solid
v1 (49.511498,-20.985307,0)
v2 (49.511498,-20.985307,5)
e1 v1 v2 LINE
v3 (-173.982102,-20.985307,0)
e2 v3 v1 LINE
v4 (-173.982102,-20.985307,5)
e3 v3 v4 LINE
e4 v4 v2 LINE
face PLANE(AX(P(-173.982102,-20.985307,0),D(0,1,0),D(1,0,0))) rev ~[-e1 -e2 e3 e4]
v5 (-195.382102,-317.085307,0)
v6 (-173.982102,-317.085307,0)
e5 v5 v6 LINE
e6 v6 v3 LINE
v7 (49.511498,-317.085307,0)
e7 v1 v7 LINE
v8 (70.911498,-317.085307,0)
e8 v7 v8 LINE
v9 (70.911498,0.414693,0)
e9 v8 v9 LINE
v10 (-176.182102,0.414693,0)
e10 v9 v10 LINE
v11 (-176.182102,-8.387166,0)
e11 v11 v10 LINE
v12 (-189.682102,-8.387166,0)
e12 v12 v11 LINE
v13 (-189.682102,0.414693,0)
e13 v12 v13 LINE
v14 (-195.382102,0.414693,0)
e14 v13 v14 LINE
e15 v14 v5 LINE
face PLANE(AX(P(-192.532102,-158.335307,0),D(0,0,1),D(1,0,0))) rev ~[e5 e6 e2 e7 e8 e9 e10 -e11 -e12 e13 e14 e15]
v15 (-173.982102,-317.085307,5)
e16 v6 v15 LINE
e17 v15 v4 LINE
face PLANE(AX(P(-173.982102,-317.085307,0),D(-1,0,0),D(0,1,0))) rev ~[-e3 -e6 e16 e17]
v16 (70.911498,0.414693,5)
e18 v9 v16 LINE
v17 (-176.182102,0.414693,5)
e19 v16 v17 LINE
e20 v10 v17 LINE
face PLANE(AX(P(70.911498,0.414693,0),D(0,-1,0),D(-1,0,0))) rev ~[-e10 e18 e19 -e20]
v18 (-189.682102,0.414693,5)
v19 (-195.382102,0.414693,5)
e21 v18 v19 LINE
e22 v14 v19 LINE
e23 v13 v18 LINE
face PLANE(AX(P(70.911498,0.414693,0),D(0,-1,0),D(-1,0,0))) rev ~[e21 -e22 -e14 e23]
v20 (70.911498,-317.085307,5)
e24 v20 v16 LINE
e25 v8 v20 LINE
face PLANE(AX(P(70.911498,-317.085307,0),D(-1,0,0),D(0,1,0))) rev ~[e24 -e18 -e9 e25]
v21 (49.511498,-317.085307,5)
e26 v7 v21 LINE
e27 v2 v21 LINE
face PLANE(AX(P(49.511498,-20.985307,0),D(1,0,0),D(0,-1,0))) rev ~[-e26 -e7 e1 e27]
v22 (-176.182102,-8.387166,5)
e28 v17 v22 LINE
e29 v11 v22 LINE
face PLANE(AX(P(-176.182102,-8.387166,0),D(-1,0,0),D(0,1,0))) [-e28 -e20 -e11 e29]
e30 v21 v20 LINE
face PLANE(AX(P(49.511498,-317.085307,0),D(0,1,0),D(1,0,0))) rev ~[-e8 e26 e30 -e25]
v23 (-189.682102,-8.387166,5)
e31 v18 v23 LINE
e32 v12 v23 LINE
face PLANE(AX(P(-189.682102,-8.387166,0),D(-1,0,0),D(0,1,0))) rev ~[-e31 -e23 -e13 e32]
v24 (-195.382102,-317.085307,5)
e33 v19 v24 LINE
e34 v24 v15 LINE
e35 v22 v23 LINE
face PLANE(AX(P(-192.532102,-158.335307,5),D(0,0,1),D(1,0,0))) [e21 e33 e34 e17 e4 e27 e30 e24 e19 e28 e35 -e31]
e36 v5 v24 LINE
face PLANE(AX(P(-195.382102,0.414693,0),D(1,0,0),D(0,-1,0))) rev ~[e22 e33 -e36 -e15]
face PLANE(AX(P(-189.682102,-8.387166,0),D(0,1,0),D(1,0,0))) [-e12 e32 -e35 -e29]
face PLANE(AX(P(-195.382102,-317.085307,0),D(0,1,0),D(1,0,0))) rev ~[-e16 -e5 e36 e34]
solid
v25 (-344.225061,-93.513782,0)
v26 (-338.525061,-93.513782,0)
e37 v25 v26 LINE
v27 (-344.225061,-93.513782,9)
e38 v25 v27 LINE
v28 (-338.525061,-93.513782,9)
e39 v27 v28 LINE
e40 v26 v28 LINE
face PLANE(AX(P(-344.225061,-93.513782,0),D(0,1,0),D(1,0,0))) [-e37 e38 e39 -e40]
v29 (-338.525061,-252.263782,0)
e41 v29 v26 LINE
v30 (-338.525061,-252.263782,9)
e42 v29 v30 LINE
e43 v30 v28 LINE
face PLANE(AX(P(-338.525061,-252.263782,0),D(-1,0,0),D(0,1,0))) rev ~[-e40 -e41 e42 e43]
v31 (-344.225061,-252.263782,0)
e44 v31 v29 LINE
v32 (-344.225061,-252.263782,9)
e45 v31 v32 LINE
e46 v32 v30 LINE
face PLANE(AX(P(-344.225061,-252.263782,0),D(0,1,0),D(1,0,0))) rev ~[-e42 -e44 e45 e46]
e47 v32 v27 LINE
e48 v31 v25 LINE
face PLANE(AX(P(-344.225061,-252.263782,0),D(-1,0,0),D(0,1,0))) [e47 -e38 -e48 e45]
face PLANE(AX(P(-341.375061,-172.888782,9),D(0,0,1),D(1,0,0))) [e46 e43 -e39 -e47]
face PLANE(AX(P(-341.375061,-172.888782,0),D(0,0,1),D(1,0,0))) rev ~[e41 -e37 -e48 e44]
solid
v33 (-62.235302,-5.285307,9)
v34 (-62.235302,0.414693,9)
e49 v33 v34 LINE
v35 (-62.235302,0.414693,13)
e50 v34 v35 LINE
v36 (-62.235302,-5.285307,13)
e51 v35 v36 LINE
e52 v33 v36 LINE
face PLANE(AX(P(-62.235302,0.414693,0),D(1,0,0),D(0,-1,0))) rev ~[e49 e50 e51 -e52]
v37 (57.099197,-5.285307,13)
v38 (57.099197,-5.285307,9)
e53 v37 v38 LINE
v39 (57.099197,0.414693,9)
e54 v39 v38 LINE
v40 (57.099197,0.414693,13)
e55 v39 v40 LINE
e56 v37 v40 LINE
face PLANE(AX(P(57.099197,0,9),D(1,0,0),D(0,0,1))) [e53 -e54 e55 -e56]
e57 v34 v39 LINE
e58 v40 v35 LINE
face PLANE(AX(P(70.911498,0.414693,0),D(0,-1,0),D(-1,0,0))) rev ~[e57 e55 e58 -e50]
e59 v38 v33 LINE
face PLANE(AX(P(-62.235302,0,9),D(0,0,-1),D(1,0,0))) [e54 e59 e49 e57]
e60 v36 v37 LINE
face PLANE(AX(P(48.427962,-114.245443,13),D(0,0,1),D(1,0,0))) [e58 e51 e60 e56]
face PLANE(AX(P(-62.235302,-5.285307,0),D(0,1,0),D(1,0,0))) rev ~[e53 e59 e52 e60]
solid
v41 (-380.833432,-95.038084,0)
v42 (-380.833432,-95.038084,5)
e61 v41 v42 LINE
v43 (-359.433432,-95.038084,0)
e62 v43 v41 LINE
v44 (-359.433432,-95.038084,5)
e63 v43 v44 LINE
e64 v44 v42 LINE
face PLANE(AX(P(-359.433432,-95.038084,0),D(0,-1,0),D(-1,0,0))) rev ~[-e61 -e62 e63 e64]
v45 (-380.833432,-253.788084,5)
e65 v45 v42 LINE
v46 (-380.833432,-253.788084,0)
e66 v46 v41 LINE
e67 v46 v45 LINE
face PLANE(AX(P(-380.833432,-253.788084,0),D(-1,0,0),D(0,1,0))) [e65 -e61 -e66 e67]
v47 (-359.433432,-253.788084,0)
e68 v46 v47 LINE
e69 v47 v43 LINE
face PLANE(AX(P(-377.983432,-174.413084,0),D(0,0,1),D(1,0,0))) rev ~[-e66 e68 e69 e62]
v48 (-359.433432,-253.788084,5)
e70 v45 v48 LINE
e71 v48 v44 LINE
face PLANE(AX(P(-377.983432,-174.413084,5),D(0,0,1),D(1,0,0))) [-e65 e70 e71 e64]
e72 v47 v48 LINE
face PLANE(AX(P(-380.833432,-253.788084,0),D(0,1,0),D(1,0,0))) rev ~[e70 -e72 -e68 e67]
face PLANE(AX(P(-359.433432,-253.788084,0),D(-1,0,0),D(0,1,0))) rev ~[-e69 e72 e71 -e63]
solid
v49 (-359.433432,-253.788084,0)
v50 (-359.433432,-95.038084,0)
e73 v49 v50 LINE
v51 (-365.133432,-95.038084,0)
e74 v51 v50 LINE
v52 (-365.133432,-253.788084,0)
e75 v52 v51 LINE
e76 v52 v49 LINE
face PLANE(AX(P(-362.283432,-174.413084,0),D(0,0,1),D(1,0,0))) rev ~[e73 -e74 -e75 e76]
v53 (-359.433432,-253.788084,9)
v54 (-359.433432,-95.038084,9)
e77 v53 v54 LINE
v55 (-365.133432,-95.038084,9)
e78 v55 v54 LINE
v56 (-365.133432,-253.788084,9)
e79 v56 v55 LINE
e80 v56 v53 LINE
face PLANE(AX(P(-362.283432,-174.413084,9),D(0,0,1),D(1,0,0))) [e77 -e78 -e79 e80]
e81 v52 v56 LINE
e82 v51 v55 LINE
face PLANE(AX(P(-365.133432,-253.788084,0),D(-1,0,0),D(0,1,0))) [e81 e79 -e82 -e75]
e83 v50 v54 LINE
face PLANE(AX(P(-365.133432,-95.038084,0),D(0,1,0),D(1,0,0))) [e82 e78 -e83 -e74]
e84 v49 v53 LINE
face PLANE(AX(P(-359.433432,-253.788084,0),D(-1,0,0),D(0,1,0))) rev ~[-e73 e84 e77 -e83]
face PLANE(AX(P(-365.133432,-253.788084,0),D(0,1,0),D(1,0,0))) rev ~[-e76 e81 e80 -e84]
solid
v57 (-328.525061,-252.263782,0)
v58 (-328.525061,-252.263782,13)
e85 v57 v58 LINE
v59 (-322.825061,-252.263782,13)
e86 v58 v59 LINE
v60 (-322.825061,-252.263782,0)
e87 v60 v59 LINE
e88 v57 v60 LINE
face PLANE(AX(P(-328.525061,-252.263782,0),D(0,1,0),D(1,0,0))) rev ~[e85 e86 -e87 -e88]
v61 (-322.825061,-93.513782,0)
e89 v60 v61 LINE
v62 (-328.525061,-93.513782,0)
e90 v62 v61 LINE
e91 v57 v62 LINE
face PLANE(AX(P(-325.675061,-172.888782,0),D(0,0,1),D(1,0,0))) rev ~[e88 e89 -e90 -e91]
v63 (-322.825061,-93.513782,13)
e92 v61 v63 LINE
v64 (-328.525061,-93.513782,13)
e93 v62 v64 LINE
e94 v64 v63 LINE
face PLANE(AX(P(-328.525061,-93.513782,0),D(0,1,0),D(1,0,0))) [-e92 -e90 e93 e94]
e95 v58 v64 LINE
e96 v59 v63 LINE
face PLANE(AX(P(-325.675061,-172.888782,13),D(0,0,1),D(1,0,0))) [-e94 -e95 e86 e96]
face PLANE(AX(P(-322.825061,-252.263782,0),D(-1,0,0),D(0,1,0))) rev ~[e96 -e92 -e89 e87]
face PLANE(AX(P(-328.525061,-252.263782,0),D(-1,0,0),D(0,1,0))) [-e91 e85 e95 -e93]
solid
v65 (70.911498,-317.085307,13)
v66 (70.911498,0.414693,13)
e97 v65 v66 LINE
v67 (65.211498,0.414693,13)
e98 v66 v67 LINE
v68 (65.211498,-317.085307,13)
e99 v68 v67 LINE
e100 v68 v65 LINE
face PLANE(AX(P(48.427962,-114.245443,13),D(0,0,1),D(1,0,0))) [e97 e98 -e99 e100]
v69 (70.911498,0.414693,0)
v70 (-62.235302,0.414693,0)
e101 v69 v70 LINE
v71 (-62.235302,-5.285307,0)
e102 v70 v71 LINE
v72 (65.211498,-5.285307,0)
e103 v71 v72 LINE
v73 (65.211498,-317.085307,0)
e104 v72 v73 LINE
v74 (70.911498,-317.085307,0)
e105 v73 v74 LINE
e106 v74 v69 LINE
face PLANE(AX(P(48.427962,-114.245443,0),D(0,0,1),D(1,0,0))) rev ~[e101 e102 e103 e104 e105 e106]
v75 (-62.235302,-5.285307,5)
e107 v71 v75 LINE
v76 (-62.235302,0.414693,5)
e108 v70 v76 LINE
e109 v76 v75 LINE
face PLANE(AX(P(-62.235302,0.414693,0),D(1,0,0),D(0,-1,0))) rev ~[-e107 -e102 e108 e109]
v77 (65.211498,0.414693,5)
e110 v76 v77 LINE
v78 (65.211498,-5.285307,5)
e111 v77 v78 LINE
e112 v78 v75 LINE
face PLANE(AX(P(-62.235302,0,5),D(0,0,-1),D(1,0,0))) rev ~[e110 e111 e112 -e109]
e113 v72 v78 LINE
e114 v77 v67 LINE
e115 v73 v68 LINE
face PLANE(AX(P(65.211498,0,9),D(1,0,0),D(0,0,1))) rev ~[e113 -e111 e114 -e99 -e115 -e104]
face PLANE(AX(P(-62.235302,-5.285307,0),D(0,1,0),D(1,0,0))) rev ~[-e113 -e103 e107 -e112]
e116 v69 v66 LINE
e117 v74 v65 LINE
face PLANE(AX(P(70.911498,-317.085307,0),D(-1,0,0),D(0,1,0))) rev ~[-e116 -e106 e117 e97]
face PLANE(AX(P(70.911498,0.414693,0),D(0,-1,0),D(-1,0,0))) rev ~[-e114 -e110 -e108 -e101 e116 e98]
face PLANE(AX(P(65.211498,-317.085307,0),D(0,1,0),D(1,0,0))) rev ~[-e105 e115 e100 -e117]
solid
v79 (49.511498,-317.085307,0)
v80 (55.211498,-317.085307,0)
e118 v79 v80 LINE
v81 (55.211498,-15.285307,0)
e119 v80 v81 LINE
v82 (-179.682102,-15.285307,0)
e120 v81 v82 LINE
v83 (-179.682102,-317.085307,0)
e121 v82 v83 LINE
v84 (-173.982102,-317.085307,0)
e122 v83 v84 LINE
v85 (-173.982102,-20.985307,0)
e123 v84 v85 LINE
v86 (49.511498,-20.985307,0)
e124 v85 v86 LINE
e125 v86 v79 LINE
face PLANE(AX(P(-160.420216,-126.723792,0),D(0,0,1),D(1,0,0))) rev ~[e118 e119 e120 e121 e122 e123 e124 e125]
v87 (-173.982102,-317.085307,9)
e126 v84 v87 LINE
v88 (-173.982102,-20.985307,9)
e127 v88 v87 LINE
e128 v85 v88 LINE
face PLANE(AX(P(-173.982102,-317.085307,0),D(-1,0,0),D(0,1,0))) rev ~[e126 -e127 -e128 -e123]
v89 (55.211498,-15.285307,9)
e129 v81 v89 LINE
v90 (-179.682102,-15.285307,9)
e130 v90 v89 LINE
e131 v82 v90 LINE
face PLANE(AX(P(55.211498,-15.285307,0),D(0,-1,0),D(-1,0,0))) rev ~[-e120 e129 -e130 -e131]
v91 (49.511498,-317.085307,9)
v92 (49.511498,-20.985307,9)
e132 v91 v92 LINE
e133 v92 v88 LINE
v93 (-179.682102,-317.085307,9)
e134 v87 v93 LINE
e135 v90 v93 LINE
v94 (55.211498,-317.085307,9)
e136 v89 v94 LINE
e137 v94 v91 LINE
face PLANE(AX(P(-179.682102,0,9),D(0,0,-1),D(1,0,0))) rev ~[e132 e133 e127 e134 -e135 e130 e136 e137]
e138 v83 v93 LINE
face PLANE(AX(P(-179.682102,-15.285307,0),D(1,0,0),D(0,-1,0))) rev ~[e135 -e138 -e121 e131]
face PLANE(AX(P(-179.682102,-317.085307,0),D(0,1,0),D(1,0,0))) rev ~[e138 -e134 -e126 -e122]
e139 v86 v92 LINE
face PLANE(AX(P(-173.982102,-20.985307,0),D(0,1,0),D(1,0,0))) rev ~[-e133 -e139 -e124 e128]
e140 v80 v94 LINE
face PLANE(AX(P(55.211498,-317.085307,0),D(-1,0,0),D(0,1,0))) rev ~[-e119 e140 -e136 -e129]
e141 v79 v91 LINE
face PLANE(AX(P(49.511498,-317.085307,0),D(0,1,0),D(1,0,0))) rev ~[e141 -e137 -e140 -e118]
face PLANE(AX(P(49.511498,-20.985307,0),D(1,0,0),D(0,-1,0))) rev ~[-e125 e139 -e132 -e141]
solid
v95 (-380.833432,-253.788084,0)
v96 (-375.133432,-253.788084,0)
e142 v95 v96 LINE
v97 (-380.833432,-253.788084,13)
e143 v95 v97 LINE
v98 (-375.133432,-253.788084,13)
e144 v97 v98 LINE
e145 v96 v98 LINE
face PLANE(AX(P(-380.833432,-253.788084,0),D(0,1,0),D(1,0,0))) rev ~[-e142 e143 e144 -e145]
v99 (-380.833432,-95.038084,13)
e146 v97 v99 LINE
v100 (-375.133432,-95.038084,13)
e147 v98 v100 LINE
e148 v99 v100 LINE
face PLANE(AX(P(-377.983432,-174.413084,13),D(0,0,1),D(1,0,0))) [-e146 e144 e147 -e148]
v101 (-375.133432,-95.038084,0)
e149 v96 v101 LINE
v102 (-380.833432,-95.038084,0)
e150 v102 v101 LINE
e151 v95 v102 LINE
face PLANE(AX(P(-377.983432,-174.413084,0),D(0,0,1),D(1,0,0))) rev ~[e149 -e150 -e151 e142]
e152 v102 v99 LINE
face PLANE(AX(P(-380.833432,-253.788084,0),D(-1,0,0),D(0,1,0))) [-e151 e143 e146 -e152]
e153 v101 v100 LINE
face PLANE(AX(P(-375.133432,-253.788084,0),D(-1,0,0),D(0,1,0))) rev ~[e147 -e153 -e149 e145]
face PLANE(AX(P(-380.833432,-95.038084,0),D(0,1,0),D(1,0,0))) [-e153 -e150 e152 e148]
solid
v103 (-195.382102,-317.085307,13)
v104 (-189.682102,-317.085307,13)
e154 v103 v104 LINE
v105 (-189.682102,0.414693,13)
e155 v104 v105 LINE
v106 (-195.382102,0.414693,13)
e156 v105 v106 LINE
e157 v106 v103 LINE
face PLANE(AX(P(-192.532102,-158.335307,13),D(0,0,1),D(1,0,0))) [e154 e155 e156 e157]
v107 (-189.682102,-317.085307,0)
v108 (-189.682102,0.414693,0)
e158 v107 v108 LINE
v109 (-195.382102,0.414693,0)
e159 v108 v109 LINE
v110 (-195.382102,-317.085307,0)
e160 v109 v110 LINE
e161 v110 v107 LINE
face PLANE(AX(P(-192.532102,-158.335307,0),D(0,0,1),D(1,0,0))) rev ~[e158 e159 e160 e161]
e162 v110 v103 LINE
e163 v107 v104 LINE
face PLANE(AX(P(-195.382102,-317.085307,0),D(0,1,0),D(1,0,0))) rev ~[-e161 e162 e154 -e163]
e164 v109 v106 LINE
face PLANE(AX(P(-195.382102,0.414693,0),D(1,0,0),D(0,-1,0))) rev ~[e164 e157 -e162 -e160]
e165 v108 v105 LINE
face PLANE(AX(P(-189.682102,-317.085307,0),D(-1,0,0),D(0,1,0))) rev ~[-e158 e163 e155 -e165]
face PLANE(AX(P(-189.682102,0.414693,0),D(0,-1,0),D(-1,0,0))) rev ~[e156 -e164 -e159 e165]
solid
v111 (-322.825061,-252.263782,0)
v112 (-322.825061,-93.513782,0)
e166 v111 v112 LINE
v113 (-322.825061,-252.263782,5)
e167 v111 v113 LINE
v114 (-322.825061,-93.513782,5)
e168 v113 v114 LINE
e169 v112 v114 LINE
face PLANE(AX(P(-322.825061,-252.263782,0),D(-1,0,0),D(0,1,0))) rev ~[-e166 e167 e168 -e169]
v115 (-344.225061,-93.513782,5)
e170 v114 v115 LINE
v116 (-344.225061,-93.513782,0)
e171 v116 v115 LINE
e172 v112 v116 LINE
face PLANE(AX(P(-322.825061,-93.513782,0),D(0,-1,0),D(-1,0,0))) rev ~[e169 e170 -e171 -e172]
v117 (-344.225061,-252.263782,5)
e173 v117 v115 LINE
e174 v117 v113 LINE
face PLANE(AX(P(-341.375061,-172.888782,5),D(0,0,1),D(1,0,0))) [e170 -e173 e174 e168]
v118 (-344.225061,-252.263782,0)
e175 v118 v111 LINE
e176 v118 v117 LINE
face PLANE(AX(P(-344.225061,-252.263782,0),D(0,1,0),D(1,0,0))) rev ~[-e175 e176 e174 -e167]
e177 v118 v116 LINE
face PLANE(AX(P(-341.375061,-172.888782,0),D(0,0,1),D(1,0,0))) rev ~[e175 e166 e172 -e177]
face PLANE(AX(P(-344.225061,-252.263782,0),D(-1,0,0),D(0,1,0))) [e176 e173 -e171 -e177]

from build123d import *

# Parameters (mm, degrees)
F1_DEPTH  = 13
F0_W      = 127.4468
F0_H      = 5.7
F2_DEPTH  = 5
F3_W      = 5.7
F3_H      = 158.75
F4_DEPTH  = 13
F3_W_2    = 10
F5_DEPTH  = 5
F6_W      = 234.8936
F6_H      = 4
F7_DEPTH  = 321.31
F8_W      = 8.1123012102
F8_H      = 4
F9_DEPTH  = 250
F10_W     = 127.4468
F10_H     = 4
F11_DEPTH = 6
F13_DEPTH = 9
F14_W     = 13.5
F14_H     = 8.8018592085
F15_DEPTH = 25


with BuildPart() as f1:
    # F0 (on Top) → F1 (new body)
    with BuildSketch(Plane.XY):
        Polygon((-195.3821017299, -20.985306791), (-195.3821017299, -317.085306791), (-189.6821017299, -317.085306791), (-189.6821017299, -15.285306791), (-189.6821017299, -5.285306791), (-189.6821017299, 0.414693209), (-195.3821017299, 0.414693209), align=None)
    extrude(amount=F1_DEPTH)


with BuildPart() as f1b:
    # F0 (on Top) → F1, piece 2 (new body)
    with BuildSketch(Plane.XY):
        Polygon((-62.2353017299, 0.414693209), (-62.2353017299, -5.285306791), (65.2114982701, -5.285306791), (65.2114982701, -317.085306791), (70.9114982701, -317.085306791), (70.9114982701, -20.985306791), (70.9114982701, -5.285306791), (70.9114982701, 0.414693209), align=None)
    extrude(amount=F1_DEPTH)

    # F8 (on Front) → F9 (cut, symmetric)
    with BuildSketch(Plane.XZ):
        with Locations((61.155347665, 11)):
            Rectangle(F8_W, F8_H)
    extrude(amount=F9_DEPTH, both=True, mode=Mode.SUBTRACT)

    # F10 (on Front) → F11 (cut, symmetric)
    with BuildSketch(Plane.XZ):
        with Locations((1.4880982701, 7)):
            Rectangle(F10_W, F10_H)
    extrude(amount=F11_DEPTH, both=True, mode=Mode.SUBTRACT)


with BuildPart() as f1c:
    # F0 (on Top) → F1, piece 3 (new body)
    with BuildSketch(Plane.XY):
        Polygon((-179.6821017299, -15.285306791), (-179.6821017299, -317.085306791), (-173.9821017299, -317.085306791), (-173.9821017299, -20.985306791), (-62.2353017299, -20.985306791), (-62.2353017299, -15.285306791), align=None)
        Polygon((55.2114982701, -15.285306791), (-62.2353017299, -15.285306791), (-62.2353017299, -20.985306791), (49.5114982701, -20.985306791), (49.5114982701, -317.085306791), (55.2114982701, -317.085306791), align=None)
    extrude(amount=F1_DEPTH)

    # F6 (on Front) → F7 (cut, symmetric)
    with BuildSketch(Plane.XZ):
        with Locations((-62.2353017299, 11)):
            Rectangle(F6_W, F6_H)
    extrude(amount=F7_DEPTH, both=True, mode=Mode.SUBTRACT)


with BuildPart() as f2:
    # F0 (on Top) → F2 (new body)
    with BuildSketch(Plane.XY):
        Polygon((-195.3821017299, -20.985306791), (-195.3821017299, -317.085306791), (-189.6821017299, -317.085306791), (-189.6821017299, -15.285306791), (-189.6821017299, -5.285306791), (-189.6821017299, 0.414693209), (-195.3821017299, 0.414693209), align=None)
        Polygon((-189.6821017299, -15.285306791), (-189.6821017299, -317.085306791), (-179.6821017299, -317.085306791), (-179.6821017299, -15.285306791), (-62.2353017299, -15.285306791), (-62.2353017299, -5.285306791), (-189.6821017299, -5.285306791), align=None)
        Polygon((-179.6821017299, -15.285306791), (-179.6821017299, -317.085306791), (-173.9821017299, -317.085306791), (-173.9821017299, -20.985306791), (-62.2353017299, -20.985306791), (-62.2353017299, -15.285306791), align=None)
        with Locations((-125.9587017299, -2.435306791)):
            Rectangle(F0_W, F0_H)
        Polygon((55.2114982701, -15.285306791), (-62.2353017299, -15.285306791), (-62.2353017299, -20.985306791), (49.5114982701, -20.985306791), (49.5114982701, -317.085306791), (55.2114982701, -317.085306791), align=None)
        Polygon((-62.2353017299, -5.285306791), (-62.2353017299, -15.285306791), (55.2114982701, -15.285306791), (55.2114982701, -317.085306791), (65.2114982701, -317.085306791), (65.2114982701, -5.285306791), align=None)
        Polygon((-62.2353017299, 0.414693209), (-62.2353017299, -5.285306791), (65.2114982701, -5.285306791), (65.2114982701, -317.085306791), (70.9114982701, -317.085306791), (70.9114982701, -20.985306791), (70.9114982701, -5.285306791), (70.9114982701, 0.414693209), align=None)
    extrude(amount=F2_DEPTH)

    # F14 (on Top) → F15 (cut)
    with BuildSketch(Plane.XY):
        with Locations((-182.9321017299, -3.9862363952)):
            Rectangle(F14_W, F14_H)
    extrude(amount=F15_DEPTH, mode=Mode.SUBTRACT)


with BuildPart() as f4:
    # F3 (on Top) → F4 (new body)
    with BuildSketch(Plane.XY):
        with Locations((-377.9834323733, -174.4130837469)):
            Rectangle(F3_W, F3_H)
    extrude(amount=F4_DEPTH)


with BuildPart() as f4b:
    # F3 (on Top) → F4, piece 2 (new body)
    with BuildSketch(Plane.XY):
        with Locations((-325.6750609583, -172.888782181)):
            Rectangle(F3_W, F3_H)
    extrude(amount=F4_DEPTH)


with BuildPart() as f5:
    # F3 (on Top) → F5 (new body)
    with BuildSketch(Plane.XY):
        with Locations((-377.9834323733, -174.4130837469)):
            Rectangle(F3_W, F3_H)
        with Locations((-370.1334323733, -174.4130837469)):
            Rectangle(F3_W_2, F3_H)
        with Locations((-362.2834323733, -174.4130837469)):
            Rectangle(F3_W, F3_H)
    extrude(amount=F5_DEPTH)


with BuildPart() as f5b:
    # F3 (on Top) → F5, piece 2 (new body)
    with BuildSketch(Plane.XY):
        with Locations((-341.3750609583, -172.888782181)):
            Rectangle(F3_W, F3_H)
        with Locations((-333.5250609583, -172.888782181)):
            Rectangle(F3_W_2, F3_H)
        with Locations((-325.6750609583, -172.888782181)):
            Rectangle(F3_W, F3_H)
    extrude(amount=F5_DEPTH)


with BuildPart() as f13:
    # F3 (on Top) → F13 (new body)
    with BuildSketch(Plane.XY):
        with Locations((-362.2834323733, -174.4130837469)):
            Rectangle(F3_W, F3_H)
    extrude(amount=F13_DEPTH)


with BuildPart() as f13b:
    # F3 (on Top) → F13, piece 2 (new body)
    with BuildSketch(Plane.XY):
        with Locations((-341.3750609583, -172.888782181)):
            Rectangle(F3_W, F3_H)
    extrude(amount=F13_DEPTH)


solid = Compound([f1.part, f1b.part, f1c.part, f2.part, f4.part, f4b.part, f5.part, f5b.part, f13.part, f13b.part])
